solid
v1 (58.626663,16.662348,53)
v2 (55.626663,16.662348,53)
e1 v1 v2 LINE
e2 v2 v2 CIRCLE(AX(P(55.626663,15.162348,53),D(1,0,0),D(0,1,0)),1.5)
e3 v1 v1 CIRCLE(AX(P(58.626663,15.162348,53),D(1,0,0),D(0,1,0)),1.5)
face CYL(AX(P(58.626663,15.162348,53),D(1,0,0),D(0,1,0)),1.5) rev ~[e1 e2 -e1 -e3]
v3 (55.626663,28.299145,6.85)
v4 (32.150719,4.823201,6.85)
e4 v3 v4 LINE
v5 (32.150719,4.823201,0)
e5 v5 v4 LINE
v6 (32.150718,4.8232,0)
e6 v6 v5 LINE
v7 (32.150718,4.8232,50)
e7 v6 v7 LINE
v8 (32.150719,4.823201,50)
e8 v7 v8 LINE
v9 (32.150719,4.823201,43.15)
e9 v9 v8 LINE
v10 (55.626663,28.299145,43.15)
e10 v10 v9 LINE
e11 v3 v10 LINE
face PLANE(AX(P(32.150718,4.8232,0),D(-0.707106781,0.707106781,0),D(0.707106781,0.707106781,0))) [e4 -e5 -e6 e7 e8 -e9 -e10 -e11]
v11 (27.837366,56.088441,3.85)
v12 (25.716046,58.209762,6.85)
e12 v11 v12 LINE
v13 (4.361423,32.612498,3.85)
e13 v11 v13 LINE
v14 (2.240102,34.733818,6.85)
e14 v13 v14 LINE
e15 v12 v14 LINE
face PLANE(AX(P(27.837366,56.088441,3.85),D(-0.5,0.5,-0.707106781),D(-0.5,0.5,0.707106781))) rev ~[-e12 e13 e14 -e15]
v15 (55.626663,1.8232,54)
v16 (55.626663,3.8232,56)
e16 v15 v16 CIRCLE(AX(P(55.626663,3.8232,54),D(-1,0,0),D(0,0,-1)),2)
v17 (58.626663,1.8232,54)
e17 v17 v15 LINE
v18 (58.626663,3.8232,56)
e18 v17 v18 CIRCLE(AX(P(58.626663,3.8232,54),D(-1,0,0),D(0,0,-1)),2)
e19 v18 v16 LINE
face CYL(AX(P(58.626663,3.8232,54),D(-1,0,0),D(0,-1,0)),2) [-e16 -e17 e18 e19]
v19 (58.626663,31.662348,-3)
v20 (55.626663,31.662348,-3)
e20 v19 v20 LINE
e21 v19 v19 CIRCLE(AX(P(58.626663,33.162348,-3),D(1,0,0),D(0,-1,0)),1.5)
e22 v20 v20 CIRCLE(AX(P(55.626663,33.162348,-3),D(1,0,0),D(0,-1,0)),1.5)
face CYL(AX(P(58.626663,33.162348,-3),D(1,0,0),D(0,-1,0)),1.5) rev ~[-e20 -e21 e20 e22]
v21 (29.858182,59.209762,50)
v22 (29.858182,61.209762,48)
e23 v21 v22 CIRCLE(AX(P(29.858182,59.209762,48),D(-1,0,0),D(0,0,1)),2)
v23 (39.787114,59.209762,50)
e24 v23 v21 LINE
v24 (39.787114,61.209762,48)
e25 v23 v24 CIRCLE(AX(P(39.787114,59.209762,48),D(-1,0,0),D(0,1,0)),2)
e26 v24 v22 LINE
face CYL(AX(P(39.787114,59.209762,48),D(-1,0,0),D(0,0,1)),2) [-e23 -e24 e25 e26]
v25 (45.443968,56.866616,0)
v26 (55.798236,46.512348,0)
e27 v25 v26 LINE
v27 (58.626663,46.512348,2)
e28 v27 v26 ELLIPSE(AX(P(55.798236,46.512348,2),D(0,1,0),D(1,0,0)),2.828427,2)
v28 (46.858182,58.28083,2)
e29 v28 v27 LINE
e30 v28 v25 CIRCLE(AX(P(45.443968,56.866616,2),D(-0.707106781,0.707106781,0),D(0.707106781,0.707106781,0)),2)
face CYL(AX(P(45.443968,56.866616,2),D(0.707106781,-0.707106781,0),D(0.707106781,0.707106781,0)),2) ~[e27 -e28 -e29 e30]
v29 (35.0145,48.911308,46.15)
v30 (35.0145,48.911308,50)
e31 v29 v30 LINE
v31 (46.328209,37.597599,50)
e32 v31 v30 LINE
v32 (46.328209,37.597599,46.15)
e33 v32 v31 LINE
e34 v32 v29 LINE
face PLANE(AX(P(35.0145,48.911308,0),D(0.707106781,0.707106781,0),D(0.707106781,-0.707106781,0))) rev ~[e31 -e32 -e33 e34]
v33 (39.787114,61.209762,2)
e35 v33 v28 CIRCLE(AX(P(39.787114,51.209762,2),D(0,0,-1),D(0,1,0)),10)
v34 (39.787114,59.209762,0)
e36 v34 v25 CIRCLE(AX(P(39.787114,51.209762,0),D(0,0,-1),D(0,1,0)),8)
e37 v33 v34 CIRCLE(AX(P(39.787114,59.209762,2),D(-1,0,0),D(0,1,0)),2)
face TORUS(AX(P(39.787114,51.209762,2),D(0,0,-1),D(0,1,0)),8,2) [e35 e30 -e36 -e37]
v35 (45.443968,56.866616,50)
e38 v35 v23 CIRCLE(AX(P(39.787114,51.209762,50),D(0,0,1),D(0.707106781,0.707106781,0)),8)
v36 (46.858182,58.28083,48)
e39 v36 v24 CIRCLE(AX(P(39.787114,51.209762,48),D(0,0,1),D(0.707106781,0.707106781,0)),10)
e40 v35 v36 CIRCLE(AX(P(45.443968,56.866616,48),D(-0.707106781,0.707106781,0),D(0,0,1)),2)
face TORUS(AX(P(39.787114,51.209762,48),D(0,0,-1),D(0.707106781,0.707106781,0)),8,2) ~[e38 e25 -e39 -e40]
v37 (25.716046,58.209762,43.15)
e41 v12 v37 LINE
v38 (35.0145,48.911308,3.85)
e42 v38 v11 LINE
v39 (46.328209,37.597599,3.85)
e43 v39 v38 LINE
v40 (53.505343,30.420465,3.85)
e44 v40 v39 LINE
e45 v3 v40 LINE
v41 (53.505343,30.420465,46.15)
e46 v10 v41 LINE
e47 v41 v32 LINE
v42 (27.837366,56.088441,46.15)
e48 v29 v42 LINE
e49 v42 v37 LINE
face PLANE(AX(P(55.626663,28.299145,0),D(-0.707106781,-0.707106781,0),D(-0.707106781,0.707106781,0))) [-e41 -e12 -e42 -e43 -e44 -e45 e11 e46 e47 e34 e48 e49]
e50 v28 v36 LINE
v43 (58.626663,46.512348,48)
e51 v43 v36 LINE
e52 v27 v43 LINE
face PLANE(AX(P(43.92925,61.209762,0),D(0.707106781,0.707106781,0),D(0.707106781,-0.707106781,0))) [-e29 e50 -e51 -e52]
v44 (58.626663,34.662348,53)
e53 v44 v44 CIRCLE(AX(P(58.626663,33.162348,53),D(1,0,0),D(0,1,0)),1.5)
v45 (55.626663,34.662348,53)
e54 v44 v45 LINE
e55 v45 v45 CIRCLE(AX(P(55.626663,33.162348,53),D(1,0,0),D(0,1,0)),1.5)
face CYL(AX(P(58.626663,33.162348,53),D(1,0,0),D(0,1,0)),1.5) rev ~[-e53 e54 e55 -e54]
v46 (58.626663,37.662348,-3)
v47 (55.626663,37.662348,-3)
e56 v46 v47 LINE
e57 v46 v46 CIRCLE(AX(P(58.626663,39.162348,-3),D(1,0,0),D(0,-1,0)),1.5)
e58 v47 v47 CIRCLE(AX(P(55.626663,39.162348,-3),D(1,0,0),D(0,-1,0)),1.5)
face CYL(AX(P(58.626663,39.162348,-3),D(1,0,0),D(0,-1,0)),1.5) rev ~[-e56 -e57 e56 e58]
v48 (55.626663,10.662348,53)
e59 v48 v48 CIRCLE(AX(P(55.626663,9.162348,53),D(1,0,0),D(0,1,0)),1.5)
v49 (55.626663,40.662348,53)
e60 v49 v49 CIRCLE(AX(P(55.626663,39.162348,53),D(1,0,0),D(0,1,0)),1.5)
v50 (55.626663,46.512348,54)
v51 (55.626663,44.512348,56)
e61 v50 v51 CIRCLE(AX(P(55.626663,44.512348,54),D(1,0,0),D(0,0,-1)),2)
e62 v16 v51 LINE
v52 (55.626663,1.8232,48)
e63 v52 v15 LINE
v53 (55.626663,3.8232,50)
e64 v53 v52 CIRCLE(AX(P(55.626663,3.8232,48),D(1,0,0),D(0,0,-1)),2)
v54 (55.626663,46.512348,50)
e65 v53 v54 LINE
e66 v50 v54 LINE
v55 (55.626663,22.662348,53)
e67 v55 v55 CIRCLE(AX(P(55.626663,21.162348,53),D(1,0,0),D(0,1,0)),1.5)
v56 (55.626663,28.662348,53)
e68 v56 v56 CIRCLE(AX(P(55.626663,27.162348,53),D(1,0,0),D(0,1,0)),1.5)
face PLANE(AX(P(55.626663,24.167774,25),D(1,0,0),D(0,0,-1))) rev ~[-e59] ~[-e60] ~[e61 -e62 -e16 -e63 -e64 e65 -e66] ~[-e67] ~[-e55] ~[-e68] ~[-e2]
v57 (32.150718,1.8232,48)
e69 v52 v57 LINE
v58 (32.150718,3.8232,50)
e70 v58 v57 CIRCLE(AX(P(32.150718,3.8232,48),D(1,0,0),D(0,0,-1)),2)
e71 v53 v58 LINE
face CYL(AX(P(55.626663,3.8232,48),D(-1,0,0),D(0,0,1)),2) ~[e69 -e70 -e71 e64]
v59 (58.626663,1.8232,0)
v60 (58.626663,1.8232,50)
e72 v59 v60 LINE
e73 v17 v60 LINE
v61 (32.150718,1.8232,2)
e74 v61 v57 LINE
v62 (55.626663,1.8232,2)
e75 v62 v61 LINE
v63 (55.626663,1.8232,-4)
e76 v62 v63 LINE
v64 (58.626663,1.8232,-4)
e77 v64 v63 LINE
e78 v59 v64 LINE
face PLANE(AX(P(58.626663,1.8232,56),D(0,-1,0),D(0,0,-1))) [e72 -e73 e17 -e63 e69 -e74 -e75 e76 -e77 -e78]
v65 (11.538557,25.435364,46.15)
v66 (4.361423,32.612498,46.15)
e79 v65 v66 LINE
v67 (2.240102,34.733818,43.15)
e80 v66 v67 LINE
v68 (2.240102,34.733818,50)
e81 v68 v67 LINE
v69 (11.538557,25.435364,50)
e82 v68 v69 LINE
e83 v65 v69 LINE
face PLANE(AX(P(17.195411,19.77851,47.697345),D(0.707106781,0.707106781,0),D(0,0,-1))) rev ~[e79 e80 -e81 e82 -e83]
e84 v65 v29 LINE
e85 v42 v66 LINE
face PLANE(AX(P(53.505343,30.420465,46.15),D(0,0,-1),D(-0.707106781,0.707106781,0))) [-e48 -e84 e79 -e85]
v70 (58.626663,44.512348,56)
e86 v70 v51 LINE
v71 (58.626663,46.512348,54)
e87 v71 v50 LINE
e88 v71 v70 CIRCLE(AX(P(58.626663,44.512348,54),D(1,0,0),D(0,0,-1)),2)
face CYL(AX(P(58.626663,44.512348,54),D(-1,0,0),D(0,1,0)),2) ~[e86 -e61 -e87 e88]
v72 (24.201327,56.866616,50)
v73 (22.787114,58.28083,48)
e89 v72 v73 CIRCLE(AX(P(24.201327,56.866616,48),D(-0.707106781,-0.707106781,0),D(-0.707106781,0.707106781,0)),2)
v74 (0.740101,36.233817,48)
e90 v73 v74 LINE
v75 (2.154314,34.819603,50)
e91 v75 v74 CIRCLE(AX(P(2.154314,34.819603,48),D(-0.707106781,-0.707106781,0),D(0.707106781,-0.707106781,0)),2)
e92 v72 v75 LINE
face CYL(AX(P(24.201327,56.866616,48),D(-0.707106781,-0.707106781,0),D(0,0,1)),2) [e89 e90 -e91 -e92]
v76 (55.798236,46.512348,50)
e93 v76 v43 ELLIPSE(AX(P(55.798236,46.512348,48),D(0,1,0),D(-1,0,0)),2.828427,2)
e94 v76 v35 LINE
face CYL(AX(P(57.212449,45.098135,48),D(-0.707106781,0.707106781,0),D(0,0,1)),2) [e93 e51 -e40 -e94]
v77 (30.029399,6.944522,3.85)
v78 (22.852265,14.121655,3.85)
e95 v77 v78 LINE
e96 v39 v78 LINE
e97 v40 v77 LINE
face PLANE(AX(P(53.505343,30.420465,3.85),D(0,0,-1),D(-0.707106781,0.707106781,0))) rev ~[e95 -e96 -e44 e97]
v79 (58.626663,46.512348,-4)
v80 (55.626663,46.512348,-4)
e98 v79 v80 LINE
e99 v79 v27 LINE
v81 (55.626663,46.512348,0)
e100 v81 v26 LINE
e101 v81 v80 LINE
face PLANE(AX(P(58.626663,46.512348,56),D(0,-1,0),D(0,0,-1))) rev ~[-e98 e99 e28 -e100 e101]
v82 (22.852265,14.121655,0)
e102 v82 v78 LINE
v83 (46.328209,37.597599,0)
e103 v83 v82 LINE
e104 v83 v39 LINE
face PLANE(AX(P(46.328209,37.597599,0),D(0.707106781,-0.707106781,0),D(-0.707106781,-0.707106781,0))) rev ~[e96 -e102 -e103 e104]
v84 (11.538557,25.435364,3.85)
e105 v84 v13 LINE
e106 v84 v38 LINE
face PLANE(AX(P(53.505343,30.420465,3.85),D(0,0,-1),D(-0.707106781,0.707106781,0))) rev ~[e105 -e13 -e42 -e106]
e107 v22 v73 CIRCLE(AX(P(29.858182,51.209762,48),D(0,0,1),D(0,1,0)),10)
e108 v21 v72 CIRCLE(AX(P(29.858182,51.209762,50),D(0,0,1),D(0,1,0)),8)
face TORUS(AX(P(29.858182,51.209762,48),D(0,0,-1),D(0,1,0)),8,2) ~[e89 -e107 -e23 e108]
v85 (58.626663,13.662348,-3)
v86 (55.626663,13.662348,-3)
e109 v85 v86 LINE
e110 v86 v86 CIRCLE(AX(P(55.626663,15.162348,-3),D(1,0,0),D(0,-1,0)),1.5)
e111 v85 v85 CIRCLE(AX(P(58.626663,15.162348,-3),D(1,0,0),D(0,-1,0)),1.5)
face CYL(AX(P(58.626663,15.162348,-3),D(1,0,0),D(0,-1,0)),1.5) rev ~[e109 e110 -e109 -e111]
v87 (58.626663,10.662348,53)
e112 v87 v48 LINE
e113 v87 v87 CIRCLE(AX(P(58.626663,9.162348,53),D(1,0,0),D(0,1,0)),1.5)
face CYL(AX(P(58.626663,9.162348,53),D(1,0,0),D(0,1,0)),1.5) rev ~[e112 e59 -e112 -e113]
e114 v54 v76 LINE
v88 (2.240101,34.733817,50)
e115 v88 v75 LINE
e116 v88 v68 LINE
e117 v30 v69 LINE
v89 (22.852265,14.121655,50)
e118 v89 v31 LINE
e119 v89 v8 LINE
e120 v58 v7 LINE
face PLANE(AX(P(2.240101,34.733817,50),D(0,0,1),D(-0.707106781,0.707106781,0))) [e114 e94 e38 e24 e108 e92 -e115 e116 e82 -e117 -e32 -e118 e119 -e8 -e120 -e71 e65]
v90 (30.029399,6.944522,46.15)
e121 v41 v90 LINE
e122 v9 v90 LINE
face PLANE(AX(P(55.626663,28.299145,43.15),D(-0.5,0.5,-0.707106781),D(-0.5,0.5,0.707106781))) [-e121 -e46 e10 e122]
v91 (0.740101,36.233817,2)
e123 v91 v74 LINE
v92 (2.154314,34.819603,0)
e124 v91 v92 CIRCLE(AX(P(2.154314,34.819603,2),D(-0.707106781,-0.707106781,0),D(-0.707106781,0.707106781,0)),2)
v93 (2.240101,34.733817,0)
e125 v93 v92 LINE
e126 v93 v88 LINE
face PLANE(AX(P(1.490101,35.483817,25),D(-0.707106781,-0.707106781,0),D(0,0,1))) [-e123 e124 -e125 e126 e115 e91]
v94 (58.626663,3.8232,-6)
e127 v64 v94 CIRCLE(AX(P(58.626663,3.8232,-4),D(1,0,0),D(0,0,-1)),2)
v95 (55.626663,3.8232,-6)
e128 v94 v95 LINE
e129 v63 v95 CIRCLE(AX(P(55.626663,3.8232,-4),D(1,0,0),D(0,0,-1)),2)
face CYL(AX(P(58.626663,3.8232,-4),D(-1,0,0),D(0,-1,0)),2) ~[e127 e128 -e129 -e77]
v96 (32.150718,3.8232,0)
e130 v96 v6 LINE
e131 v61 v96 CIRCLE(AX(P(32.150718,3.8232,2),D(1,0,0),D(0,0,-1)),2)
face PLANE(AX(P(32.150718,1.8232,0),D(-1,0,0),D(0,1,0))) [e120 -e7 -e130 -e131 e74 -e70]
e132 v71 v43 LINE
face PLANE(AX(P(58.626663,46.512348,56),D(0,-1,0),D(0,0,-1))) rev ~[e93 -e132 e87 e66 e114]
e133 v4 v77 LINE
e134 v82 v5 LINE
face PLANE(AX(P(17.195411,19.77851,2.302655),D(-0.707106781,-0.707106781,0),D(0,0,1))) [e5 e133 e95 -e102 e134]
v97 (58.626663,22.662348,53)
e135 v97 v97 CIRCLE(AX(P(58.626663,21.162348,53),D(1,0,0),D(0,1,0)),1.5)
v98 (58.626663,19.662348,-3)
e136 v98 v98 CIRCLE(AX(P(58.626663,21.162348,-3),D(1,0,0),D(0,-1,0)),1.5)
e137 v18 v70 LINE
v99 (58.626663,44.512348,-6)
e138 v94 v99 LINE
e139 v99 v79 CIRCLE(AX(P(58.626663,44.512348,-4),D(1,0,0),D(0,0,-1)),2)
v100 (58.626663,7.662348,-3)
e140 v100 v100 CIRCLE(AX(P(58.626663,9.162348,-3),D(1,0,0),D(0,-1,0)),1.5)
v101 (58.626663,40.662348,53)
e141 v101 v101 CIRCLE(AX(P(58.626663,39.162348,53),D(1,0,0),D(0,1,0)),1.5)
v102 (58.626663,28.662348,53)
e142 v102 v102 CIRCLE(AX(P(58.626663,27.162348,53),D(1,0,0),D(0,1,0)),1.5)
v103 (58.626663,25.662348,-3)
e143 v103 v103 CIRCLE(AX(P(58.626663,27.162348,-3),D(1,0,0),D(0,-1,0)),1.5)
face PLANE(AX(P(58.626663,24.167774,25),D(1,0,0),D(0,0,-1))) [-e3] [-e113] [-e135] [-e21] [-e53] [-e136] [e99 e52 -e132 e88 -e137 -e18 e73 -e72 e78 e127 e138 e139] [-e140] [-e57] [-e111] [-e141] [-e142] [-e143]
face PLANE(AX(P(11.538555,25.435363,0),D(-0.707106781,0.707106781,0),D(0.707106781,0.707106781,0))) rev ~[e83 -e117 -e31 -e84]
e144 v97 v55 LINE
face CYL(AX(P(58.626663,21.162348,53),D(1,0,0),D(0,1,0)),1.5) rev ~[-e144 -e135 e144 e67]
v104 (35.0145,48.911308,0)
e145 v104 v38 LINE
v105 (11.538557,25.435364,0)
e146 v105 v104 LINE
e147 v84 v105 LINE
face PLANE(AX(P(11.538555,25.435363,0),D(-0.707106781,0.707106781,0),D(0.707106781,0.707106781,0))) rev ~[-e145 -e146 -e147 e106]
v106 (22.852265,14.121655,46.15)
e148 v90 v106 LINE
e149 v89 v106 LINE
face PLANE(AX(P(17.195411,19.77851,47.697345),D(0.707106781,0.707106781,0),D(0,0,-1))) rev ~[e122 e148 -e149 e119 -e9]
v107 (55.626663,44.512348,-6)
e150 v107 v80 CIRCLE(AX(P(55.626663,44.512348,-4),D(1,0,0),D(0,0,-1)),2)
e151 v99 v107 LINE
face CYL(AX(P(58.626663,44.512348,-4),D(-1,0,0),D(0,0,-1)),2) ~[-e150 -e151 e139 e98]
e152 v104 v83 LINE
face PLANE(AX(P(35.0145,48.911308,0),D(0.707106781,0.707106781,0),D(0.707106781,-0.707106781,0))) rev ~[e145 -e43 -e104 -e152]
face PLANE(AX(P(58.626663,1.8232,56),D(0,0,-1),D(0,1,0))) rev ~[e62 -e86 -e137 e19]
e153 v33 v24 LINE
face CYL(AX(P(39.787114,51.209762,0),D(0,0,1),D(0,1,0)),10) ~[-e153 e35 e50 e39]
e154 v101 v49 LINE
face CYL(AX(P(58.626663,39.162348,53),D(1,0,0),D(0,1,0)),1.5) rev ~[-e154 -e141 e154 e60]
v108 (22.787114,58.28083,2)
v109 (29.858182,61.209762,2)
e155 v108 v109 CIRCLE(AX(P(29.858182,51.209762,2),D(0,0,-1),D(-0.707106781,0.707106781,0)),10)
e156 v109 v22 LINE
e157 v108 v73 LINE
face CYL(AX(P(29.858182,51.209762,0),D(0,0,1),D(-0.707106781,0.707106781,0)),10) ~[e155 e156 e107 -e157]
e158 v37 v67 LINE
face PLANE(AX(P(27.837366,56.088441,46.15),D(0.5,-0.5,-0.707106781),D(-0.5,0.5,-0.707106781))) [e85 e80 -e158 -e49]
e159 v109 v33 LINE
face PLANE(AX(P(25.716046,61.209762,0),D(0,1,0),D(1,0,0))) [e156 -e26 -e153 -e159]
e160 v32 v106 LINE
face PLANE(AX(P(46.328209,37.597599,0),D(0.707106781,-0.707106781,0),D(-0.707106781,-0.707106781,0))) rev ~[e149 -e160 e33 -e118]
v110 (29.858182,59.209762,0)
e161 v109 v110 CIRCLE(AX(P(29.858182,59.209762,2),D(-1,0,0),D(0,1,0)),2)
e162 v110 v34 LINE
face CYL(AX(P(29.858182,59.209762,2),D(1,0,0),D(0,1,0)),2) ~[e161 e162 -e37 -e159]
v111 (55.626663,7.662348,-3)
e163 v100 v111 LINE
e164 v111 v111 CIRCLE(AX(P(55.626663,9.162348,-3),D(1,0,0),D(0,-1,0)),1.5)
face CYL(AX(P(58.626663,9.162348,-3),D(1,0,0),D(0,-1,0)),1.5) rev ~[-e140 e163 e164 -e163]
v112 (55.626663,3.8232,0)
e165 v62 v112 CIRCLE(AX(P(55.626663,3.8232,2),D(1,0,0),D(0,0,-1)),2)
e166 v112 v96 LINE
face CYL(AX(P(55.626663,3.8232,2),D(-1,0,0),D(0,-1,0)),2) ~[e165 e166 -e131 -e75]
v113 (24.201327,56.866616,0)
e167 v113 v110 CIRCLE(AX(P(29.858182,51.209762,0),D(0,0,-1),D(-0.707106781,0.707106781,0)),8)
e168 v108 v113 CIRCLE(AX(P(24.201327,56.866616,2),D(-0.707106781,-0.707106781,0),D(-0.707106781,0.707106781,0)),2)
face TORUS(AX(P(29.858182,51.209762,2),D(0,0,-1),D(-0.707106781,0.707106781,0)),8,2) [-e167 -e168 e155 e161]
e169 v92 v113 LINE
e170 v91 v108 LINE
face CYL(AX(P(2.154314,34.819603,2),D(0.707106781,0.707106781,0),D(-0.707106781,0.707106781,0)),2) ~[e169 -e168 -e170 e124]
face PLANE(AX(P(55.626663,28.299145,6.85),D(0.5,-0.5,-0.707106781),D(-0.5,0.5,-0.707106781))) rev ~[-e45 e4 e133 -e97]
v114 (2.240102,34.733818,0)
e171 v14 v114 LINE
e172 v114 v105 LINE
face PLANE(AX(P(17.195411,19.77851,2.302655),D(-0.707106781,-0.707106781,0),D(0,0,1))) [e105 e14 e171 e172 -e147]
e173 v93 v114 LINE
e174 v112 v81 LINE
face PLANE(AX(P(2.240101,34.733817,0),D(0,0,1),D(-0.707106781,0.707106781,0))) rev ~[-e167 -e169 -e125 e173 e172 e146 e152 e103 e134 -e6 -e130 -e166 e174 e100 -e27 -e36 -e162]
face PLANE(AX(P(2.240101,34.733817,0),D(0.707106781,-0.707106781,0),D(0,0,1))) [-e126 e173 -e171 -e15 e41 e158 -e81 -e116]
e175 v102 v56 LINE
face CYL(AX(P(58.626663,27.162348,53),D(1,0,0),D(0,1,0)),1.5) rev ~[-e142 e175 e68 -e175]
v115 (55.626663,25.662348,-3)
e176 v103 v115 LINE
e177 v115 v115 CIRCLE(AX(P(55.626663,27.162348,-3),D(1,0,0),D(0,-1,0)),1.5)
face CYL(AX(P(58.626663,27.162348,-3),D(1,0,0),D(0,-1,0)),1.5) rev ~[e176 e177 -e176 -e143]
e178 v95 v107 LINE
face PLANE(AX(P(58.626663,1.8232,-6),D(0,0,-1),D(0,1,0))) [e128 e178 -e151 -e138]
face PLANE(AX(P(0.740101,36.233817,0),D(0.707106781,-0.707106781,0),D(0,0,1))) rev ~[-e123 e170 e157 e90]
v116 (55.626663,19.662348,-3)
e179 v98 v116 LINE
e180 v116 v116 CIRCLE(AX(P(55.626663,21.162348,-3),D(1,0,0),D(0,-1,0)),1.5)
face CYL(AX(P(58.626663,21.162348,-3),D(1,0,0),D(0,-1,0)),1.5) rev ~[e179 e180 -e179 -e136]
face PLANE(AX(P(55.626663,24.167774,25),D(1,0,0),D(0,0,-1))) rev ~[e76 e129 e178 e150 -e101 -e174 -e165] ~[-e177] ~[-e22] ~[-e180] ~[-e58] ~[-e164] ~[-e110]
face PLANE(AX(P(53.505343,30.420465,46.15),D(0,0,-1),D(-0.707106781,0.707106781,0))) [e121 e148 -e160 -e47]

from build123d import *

# Parameters (mm, degrees)
EXTRUDE_1_DEPTH     = 50
EXTRUDE_3_DEPTH     = 33.199998
EXTRUDE_4_REACH     = 79.048
SKETCH_4_W          = 50
SKETCH_4_H          = 2.121320344
CUT_EXTRUDE_1_DEPTH = 99.405896905
SKETCH_8_W          = 62
SKETCH_8_H          = 44.689148571
SKETCH_8_R          = 1.5
EXTRUDE_5_DEPTH     = 3
FILLET_1_R          = 10
FILLET_2_R          = 2


with BuildPart() as part:
    # 草图1 → 凸台-拉伸1 (new body)
    with BuildSketch(Plane.XY):
        Polygon((25.716046069, 61.209761814), (43.929249505, 61.209761814), (58.626662914, 46.512348406), (58.626662914, 1.823199835), (32.150717778, 1.823199835), (32.150717778, 4.823199835), (55.626662914, 28.29914497), (25.716046069, 58.209761814), align=None)
    extrude(amount=EXTRUDE_1_DEPTH)

    # 草图3 → 凸台-拉伸3 (add)
    with BuildSketch(Plane(origin=(41.962903942, 41.962903942, 0), x_dir=(0, 0, 1), z_dir=(-0.7071067811865476, -0.7071067811865476, 0))):
        Polygon((50, -19.323473251), (46.15, -19.323473251), (43.15, -19.323473251), (46.15, -16.323473251), (46.15, 19.976526749), (43.15, 22.976526749), (46.15, 22.976526749), (50, 22.976526749), align=None)
        Polygon((0, 22.976526749), (0, -19.323473251), (3.85, -19.323473251), (6.85, -19.323473251), (3.85, -16.323473251), (3.85, 19.976526749), (6.85, 22.976526749), (3.85, 22.976526749), align=None)
    extrude(amount=EXTRUDE_3_DEPTH)

    # 凸台-拉伸4: up to this plane
    extrude_4_end = Plane(origin=(25.716046069, 61.209761814, 50), z_dir=(0, -1, 0))
    # 草图4 → 凸台-拉伸4 (add, up to the surface)
    with BuildSketch(Plane(origin=(18.486958806, 18.486958806, 0), x_dir=(0, 0, 1), z_dir=(-0.7071067811865477, -0.7071067811865475, 0)), mode=Mode.PRIVATE) as extrude_4_sk1:
        with Locations((25, 24.037186921)):
            Rectangle(SKETCH_4_W, SKETCH_4_H)
    extrude_4_tool1 = split(extrude(extrude_4_sk1.sketch, amount=-EXTRUDE_4_REACH, mode=Mode.PRIVATE), bisect_by=extrude_4_end, keep=Keep.BOTH, mode=Mode.PRIVATE)
    add(extrude_4_tool1.solids().sort_by_distance((1.490101, 35.483817, 25))[0])

    # 草图5 → 切除-拉伸1 (cut, through all)
    with BuildSketch(Plane(origin=(0, 0, 0), x_dir=(-1, 0, 0), z_dir=(0, 0, -1))):
        Polygon((-35.014500242, 48.911307642), (-46.328208741, 37.597599143), (-22.852263606, 14.121654007), (-11.538555107, 25.435362506), align=None)
    extrude(amount=-CUT_EXTRUDE_1_DEPTH, mode=Mode.SUBTRACT)

    # 草图8 → 凸台-拉伸5 (add)
    with BuildSketch(Plane(origin=(58.626662914, 0, 0), x_dir=(0, 0, -1), z_dir=(1, 0, 0))):
        with Locations((-25, 24.16777412)):
            Rectangle(SKETCH_8_W, SKETCH_8_H)
        with Locations(Location((-53, 39.162348406, 0), (0, 0, 90))):
            Circle(SKETCH_8_R, mode=Mode.SUBTRACT)
        with Locations(Location((-53, 33.162348406, 0), (0, 0, 90))):
            Circle(SKETCH_8_R, mode=Mode.SUBTRACT)
        with Locations(Location((-53, 27.162348406, 0), (0, 0, 90))):
            Circle(SKETCH_8_R, mode=Mode.SUBTRACT)
        with Locations(Location((-53, 21.162348406, 0), (0, 0, 90))):
            Circle(SKETCH_8_R, mode=Mode.SUBTRACT)
        with Locations(Location((-53, 15.162348406, 0), (0, 0, 90))):
            Circle(SKETCH_8_R, mode=Mode.SUBTRACT)
        with Locations(Location((-53, 9.162348406, 0), (0, 0, 90))):
            Circle(SKETCH_8_R, mode=Mode.SUBTRACT)
        with Locations(Location((3, 9.162348406, 0), (0, 0, 270))):
            Circle(SKETCH_8_R, mode=Mode.SUBTRACT)
        with Locations(Location((3, 15.162348406, 0), (0, 0, 270))):
            Circle(SKETCH_8_R, mode=Mode.SUBTRACT)
        with Locations(Location((3, 21.162348406, 0), (0, 0, 270))):
            Circle(SKETCH_8_R, mode=Mode.SUBTRACT)
        with Locations(Location((3, 27.162348406, 0), (0, 0, 270))):
            Circle(SKETCH_8_R, mode=Mode.SUBTRACT)
        with Locations(Location((3, 33.162348406, 0), (0, 0, 270))):
            Circle(SKETCH_8_R, mode=Mode.SUBTRACT)
        with Locations(Location((3, 39.162348406, 0), (0, 0, 270))):
            Circle(SKETCH_8_R, mode=Mode.SUBTRACT)
    extrude(amount=-EXTRUDE_5_DEPTH)

    # 圆角1
    fillet_1_edges = [part.edges().sort_by_distance(p)[0] for p in [
        (25.716046069, 61.209761814, 25),
        (43.929249505, 61.209761814, 25),
    ]]
    fillet(fillet_1_edges, radius=FILLET_1_R)

    # 圆角2
    fillet_2_edges = [part.edges().sort_by_distance(p)[0] for p in [
        (52.742422303, 52.396589016, 0),
        (57.126662914, 1.823199835, -6),
        (57.126662914, 1.823199835, 56),
        (57.126662914, 46.512348406, 56),
        (57.126662914, 46.512348406, -6),
        (34.822647787, 61.209761814, 0),
        (34.822647787, 61.209761814, 50),
        (11.763607408, 47.257323152, 0),
        (26.031347369, 60.448557139, 0),
        (43.613948205, 60.448557139, 0),
        (11.763607408, 47.257323152, 50),
        (26.031347369, 60.448557139, 50),
        (43.613948205, 60.448557139, 50),
        (43.888690346, 1.823199835, 50),
        (43.888690346, 1.823199835, 0),
        (52.742422303, 52.396589016, 50),
    ]]
    fillet(fillet_2_edges, radius=FILLET_2_R)


solid = part.part
